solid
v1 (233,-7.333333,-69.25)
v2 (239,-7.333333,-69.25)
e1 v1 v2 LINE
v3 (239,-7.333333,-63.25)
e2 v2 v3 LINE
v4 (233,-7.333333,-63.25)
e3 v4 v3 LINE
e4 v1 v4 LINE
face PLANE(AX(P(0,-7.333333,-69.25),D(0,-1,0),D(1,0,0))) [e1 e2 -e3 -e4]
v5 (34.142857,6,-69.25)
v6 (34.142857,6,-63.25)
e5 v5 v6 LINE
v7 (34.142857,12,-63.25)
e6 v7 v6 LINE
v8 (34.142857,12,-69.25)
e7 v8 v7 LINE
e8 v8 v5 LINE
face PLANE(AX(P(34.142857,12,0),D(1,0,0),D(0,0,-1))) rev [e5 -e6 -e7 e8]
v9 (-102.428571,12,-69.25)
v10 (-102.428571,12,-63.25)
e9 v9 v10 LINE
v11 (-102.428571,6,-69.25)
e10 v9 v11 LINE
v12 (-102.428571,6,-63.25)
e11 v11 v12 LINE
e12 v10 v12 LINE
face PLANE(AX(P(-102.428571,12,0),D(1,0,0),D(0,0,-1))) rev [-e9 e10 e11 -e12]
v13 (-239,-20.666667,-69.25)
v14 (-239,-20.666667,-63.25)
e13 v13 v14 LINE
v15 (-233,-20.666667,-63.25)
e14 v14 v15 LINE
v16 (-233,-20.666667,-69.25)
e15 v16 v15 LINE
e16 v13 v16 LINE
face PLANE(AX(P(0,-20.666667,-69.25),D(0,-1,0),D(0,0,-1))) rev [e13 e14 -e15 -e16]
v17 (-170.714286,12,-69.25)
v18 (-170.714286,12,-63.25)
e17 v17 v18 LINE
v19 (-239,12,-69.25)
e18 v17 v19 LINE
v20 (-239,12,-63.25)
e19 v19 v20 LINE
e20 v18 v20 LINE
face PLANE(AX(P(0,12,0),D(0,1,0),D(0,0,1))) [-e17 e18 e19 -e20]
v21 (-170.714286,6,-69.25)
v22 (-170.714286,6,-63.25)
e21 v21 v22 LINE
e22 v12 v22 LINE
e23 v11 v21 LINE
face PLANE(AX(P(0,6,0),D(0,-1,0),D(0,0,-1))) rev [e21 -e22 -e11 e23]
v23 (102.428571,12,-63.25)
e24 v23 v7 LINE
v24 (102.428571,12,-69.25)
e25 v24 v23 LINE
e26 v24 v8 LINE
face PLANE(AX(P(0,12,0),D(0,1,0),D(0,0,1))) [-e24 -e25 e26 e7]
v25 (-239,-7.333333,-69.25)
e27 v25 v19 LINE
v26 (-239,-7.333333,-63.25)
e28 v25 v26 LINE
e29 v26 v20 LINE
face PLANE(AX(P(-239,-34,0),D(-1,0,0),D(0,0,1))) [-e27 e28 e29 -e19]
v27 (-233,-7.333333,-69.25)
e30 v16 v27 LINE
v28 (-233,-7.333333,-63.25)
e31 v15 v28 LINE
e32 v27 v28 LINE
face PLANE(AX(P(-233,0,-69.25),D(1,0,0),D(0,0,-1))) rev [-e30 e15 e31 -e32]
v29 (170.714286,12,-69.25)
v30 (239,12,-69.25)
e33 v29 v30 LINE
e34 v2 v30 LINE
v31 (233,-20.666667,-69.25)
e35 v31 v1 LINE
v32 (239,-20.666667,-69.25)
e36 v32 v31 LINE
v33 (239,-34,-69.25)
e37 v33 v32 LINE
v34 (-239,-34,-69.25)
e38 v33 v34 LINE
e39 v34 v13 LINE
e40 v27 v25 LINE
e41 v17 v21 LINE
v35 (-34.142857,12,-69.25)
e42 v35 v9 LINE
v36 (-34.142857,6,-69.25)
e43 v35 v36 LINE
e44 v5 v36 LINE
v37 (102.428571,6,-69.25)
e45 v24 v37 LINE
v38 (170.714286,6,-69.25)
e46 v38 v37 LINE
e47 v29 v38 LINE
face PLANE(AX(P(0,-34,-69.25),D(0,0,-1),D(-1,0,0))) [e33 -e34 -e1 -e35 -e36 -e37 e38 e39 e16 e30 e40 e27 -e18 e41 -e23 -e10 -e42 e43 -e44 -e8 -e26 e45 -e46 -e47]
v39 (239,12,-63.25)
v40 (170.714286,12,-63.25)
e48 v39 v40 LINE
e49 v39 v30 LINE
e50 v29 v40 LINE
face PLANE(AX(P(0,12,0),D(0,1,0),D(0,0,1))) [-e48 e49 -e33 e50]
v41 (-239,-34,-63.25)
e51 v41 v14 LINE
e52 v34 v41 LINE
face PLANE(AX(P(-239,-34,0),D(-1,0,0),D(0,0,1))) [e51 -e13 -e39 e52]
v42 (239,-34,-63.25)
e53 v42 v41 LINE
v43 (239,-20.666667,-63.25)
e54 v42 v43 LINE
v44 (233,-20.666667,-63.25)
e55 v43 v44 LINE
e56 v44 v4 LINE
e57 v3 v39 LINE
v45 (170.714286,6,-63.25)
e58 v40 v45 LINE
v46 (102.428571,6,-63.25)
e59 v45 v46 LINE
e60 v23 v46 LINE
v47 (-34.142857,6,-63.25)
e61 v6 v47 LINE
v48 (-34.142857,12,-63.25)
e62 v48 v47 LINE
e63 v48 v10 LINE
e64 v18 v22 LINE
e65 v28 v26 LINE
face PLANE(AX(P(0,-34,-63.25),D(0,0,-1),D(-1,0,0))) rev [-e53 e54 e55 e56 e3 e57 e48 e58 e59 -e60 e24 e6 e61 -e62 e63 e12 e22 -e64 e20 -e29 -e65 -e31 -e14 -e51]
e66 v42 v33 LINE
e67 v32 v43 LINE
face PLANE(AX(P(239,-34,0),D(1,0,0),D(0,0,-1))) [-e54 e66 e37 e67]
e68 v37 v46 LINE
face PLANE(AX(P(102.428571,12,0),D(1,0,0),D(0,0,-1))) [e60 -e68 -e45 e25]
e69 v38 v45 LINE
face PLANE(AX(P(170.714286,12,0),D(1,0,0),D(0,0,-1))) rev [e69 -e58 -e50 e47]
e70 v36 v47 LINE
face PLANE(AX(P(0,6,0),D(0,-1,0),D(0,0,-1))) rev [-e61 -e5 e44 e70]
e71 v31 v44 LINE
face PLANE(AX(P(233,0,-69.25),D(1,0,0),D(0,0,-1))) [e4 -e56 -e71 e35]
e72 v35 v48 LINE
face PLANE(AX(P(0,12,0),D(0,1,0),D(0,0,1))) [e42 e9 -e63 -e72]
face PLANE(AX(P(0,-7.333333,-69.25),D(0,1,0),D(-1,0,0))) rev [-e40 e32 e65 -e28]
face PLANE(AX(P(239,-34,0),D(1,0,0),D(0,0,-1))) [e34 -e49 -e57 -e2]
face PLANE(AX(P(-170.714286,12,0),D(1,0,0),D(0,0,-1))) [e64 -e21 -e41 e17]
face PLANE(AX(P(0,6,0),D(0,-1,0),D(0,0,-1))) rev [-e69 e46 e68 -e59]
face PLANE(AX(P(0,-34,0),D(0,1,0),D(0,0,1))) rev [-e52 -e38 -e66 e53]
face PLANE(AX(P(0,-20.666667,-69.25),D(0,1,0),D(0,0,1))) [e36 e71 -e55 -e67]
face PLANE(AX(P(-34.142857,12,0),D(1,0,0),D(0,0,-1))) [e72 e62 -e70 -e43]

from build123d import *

# Parameters (mm, degrees)
SKETCH1_W               = 466
SKETCH1_H               = 126.5
BOSS_EXTRUDE1_DEPTH     = 6
SKETCH2_W               = 68.285714285
SKETCH2_H               = 6
SKETCH2_W_2             = 68.285714286
BOSS_EXTRUDE2_DEPTH     = 40
SKETCH1_2_W             = 466
SKETCH1_2_H             = 126.5
CUT_EXTRUDE1_DEPTH      = 7
CUT_EXTRUDE1_DEPTH_BACK = 35
SKETCH2_4_W             = 68.285714286
SKETCH2_4_H             = 6
BOSS_EXTRUDE3_DEPTH     = 6
SKETCH3_W               = 6
SKETCH3_H               = 13.333333334
CUT_EXTRUDE2_DEPTH      = 6


with BuildPart() as part:
    # Sketch1 → Boss-Extrude1 (new body)
    with BuildSketch(Plane(origin=(0, 0, 0), x_dir=(1, 0, 0), z_dir=(0, 1, 0))):
        Rectangle(SKETCH1_W, SKETCH1_H)
    extrude(amount=BOSS_EXTRUDE1_DEPTH)

    # Sketch2 → Boss-Extrude2 (add)
    with BuildSketch(Plane(origin=(0, 6, 0), x_dir=(1, 0, 0), z_dir=(0, 1, 0))):
        Polygon((-239, 69.25), (-239, 63.25), (-233, 63.25), (-170.714285714, 63.25), (-170.714285714, 69.25), align=None)
        with Locations((-136.571428572, 66.25)):
            Rectangle(SKETCH2_W, SKETCH2_H)
        with Locations((-68.285714286, 66.25)):
            Rectangle(SKETCH2_W_2, SKETCH2_H)
        with Locations((0, 66.25)):
            Rectangle(SKETCH2_W_2, SKETCH2_H)
        with Locations((68.285714286, 66.25)):
            Rectangle(SKETCH2_W_2, SKETCH2_H)
        with Locations((136.571428572, 66.25)):
            Rectangle(SKETCH2_W, SKETCH2_H)
        Polygon((233, 63.25), (239, 63.25), (239, 69.25), (170.714285714, 69.25), (170.714285714, 63.25), align=None)
    extrude(amount=-BOSS_EXTRUDE2_DEPTH)

    # Sketch1<2> → Cut-Extrude1 (cut, two sides)
    with BuildSketch(Plane(origin=(0, 0, 0), x_dir=(1, 0, 0), z_dir=(0, 1, 0))) as cut_extrude1_sk:
        Rectangle(SKETCH1_2_W, SKETCH1_2_H)
    extrude(amount=CUT_EXTRUDE1_DEPTH, mode=Mode.SUBTRACT)
    extrude(cut_extrude1_sk.sketch, amount=-CUT_EXTRUDE1_DEPTH_BACK, mode=Mode.SUBTRACT)

    # Sketch2<4> → Boss-Extrude3 (add)
    with BuildSketch(Plane(origin=(0, 6, 0), x_dir=(1, 0, 0), z_dir=(0, 1, 0))):
        Polygon((-239, 69.25), (-239, 63.25), (-233, 63.25), (-170.714285714, 63.25), (-170.714285714, 69.25), align=None)
        with Locations((-68.285714286, 66.25)):
            Rectangle(SKETCH2_4_W, SKETCH2_4_H)
        with Locations((68.285714286, 66.25)):
            Rectangle(SKETCH2_4_W, SKETCH2_4_H)
        Polygon((233, 63.25), (239, 63.25), (239, 69.25), (170.714285714, 69.25), (170.714285714, 63.25), align=None)
    extrude(amount=BOSS_EXTRUDE3_DEPTH)

    # Sketch3 → Cut-Extrude2 (cut)
    with BuildSketch(Plane.XY.offset(-63.25)):
        with Locations((-236, -14)):
            Rectangle(SKETCH3_W, SKETCH3_H)
    cut_extrude2 = extrude(amount=-CUT_EXTRUDE2_DEPTH, mode=Mode.SUBTRACT)

    # Mirror1: Cut-Extrude2 across plane
    add(cut_extrude2.mirror(Plane(origin=(0, 0, 0), x_dir=(0, 0, 1), z_dir=(1, 0, 0))), mode=Mode.SUBTRACT)


solid = part.part
